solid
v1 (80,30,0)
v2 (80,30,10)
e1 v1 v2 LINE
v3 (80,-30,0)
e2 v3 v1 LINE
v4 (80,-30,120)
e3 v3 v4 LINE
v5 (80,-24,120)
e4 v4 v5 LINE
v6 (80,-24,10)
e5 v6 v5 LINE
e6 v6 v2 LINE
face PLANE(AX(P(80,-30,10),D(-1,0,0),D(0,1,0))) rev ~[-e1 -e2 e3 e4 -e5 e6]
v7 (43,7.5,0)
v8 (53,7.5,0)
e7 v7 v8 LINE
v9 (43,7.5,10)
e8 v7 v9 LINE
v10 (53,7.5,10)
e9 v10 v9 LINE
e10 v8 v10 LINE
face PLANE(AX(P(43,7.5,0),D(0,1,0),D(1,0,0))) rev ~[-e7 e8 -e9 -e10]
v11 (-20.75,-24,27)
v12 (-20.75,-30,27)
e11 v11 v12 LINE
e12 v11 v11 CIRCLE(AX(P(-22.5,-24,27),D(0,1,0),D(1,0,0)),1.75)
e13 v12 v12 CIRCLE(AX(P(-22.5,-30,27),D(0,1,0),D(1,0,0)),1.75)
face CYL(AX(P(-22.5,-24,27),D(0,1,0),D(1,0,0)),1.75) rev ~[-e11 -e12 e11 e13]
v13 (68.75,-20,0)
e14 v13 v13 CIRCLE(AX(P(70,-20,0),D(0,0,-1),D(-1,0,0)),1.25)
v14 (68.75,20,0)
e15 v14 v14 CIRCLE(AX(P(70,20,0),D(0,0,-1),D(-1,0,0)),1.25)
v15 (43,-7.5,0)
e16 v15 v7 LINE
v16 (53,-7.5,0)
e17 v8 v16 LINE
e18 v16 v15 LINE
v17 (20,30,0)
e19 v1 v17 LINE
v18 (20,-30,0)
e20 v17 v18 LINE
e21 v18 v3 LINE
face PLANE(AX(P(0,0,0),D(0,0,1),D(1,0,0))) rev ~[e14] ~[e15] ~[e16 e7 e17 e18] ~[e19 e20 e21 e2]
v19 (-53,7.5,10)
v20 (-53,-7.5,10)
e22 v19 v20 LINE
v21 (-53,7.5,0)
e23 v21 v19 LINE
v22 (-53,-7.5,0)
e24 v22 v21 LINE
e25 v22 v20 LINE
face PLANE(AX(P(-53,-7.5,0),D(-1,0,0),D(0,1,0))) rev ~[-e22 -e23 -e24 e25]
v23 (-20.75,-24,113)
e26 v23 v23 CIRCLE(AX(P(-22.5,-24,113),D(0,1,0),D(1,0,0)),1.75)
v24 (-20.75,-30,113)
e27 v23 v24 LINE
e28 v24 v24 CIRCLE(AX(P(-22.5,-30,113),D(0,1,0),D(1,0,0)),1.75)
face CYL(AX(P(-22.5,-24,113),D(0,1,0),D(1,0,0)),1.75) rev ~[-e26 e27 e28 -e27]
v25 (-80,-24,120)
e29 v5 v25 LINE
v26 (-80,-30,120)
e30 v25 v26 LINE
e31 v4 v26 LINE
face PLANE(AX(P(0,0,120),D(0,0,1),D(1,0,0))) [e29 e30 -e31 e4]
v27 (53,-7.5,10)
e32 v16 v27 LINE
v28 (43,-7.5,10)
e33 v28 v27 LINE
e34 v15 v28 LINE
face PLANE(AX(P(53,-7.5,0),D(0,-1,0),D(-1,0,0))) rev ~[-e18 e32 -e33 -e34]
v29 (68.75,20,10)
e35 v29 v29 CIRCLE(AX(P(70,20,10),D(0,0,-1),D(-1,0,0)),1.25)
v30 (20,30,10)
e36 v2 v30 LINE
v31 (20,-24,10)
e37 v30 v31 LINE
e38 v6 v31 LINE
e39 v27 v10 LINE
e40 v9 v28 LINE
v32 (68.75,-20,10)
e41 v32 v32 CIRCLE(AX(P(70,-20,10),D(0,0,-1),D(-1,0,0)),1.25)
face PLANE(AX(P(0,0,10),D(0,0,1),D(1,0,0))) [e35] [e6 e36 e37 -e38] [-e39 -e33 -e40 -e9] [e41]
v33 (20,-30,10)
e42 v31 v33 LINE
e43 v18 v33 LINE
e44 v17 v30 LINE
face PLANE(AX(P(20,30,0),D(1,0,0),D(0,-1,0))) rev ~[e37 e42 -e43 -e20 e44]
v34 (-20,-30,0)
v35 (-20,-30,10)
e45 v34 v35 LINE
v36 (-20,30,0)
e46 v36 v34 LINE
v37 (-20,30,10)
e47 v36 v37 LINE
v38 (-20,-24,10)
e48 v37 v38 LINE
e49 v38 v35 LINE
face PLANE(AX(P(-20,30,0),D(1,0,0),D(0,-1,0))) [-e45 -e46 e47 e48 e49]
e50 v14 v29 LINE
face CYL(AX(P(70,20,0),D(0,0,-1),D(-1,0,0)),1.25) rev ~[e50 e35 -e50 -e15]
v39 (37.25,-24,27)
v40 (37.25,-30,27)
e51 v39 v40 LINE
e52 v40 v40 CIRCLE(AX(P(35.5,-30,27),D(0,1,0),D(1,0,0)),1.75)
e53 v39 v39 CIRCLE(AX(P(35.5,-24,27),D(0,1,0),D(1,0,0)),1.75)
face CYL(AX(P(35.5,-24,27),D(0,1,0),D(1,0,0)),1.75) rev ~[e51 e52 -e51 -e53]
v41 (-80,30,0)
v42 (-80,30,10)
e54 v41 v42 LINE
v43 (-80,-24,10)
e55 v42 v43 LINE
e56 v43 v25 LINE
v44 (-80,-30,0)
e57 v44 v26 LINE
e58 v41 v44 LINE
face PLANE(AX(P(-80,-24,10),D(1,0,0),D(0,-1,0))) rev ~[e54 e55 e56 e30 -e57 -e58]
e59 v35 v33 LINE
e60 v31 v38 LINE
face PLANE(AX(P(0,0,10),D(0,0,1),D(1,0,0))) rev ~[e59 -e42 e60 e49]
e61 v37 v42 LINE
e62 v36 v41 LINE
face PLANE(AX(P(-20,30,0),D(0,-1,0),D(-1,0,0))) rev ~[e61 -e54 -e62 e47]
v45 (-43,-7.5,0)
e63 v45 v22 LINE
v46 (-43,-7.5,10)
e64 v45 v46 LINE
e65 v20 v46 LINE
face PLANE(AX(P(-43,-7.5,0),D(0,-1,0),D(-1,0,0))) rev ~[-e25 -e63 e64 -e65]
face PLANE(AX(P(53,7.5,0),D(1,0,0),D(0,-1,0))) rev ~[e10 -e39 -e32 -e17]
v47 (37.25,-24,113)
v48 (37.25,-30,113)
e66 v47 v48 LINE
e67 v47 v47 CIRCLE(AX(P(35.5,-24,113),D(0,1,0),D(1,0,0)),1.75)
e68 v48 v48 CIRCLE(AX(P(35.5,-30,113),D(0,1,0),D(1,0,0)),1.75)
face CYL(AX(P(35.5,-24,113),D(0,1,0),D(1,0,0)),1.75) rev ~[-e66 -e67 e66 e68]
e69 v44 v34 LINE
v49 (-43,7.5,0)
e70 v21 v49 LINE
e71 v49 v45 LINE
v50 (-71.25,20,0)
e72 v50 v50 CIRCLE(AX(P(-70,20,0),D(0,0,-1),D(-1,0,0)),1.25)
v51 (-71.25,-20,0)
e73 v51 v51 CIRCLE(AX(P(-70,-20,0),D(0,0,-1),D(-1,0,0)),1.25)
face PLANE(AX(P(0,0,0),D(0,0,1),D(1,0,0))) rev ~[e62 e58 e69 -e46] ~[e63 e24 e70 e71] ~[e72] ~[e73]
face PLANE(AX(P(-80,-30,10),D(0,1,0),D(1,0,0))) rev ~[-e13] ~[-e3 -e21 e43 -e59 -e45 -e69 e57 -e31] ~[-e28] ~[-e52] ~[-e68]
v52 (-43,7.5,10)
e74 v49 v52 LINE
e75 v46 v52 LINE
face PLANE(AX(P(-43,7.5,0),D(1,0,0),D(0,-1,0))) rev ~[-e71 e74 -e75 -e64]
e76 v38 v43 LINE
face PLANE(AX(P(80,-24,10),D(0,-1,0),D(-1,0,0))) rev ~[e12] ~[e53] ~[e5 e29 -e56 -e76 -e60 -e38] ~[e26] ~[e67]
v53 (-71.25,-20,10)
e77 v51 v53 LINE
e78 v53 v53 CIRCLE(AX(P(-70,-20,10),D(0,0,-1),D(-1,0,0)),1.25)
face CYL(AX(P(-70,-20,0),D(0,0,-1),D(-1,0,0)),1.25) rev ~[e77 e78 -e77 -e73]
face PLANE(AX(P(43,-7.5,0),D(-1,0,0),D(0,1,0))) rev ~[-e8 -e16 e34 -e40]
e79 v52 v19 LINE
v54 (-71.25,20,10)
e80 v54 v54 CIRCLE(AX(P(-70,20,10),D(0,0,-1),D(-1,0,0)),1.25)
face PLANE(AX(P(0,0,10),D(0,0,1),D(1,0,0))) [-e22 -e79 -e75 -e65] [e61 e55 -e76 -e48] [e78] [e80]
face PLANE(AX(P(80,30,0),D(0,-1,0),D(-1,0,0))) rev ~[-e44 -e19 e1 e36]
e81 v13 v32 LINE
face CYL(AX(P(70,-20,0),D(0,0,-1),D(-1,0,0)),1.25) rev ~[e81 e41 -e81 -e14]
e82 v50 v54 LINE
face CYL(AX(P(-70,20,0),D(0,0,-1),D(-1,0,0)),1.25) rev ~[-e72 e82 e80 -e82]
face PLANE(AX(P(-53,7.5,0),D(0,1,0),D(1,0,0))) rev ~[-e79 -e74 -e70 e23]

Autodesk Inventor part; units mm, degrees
ref_plane "YZ Plane" through (0, 0, 0) normal (1, 0, 0) x (0, 1, 0)
ref_plane "XZ Plane" through (0, 0, 0) normal (0, 1, 0) x (-1, 0, 0)
ref_plane "XY Plane" through (0, 0, 0) normal (0, 0, 1) x (1, 0, 0)
sketch "Sketch1" plane through (0, 0, 0) normal (0, 0, 1) x (1, 0, 0)
  line L0 (80, 30) -> (-80, 30)
  line L1 (-80, 30) -> (-80, -30)
  line L2 (-80, -30) -> (80, -30)
  line L3 (80, -30) -> (80, 30)
  line L4 (80, 30) -> (-80, -30) construction
  line L5 (-80, 30) -> (80, -30) construction
  line L6 (-20, -30) -> (-80, -30)
  line L7 (-80, -30) -> (-80, 30)
  line L8 (-80, 30) -> (-20, 30)
  line L9 (-20, 30) -> (-20, -30)
  line L10 (-20, -30) -> (-80, 30) construction
  line L11 (-80, -30) -> (-20, 30) construction
  line L12 (20, -30) -> (80, -30)
  line L13 (80, -30) -> (80, 30)
  line L14 (80, 30) -> (20, 30)
  line L15 (20, 30) -> (20, -30)
  line L16 (20, -30) -> (80, 30) construction
  line L17 (80, -30) -> (20, 30) construction
  line L18 (0, 30) -> (0, -30) construction
  point P0 (0, 0)
  point P1 (-50, 0)
  point P2 (50, 0)
  point P3 (20, 30)
  point P4 (20, -30)
  point P5 (-20, -30)
  point P6 (-20, 30)
  dimension "d0" = 160
  dimension "d1" = 60
  dimension "d2" = 40
extrude "Extrusion1" add sketch "Sketch1" along normal blind 10 contours L3 L2 L15 L0 | L9 L2 L1 L0
sketch "Sketch2" plane through (0, 0, 10) normal (0, 0, 1) x (1, 0, 0)
  line L0 (-80, -30) -> (-20, -30) projected
  line L1 (80, -24) -> (-80, -24)
  line L2 (-80, -24) -> (-80, -30)
  line L3 (-80, -30) -> (80, -30)
  line L4 (80, -30) -> (80, -24)
  line L5 (80, -24) -> (-80, -30) construction
  line L6 (-80, -24) -> (80, -30) construction
  line L7 (80, -30) -> (80, 30) projected
  point P0 (0, 0)
  point P1 (0, -27)
  dimension "d5" = 6
extrude "Extrusion2" add sketch "Sketch2" along normal blind 110
sketch "Sketch3" plane through (0, 0, 0) normal (0, 0, -1) x (-1, 0, 0)
  line L0 (53, 7.5) -> (43, 7.5)
  line L1 (43, 7.5) -> (43, -7.5)
  line L2 (43, -7.5) -> (53, -7.5)
  line L3 (53, -7.5) -> (53, 7.5)
  line L4 (53, 7.5) -> (43, -7.5) construction
  line L5 (43, 7.5) -> (53, -7.5) construction
  line L6 (-43, 7.5) -> (-53, 7.5)
  line L7 (-53, 7.5) -> (-53, -7.5)
  line L8 (-53, -7.5) -> (-43, -7.5)
  line L9 (-43, -7.5) -> (-43, 7.5)
  line L10 (-43, 7.5) -> (-53, -7.5) construction
  line L11 (-53, 7.5) -> (-43, -7.5) construction
  line L12 (80, -30) -> (-80, -30) construction
  line L13 (0, -30) -> (0, 0) construction
  point P0 (48, 0)
  point P1 (-48, 0)
  point P2 (48, 0)
  dimension "d8" = 10
  dimension "d9" = 15
  dimension "d10" = 48
extrude "Extrusion3" cut sketch "Sketch3" against normal through all
sketch "Sketch4" plane through (0, 0, 0) normal (0, 0, -1) x (-1, 0, 0)
  line L0 (-70, -20) -> (70, -20) construction
  line L1 (70, -20) -> (70, 20) construction
  line L2 (70, 20) -> (-70, 20) construction
  line L3 (-70, 20) -> (-70, -20) construction
  line L4 (-70, -20) -> (70, 20) construction
  line L5 (70, -20) -> (-70, 20) construction
  circle A0 centre (70, 20) radius 1.25
  circle A1 centre (-70, 20) radius 1.25
  circle A2 centre (-70, -20) radius 1.25
  circle A3 centre (70, -20) radius 1.25
  point P0 (0, 0)
  dimension "d13" = 140
  dimension "d14" = 40
  dimension "d16" = 2.5
extrude "Extrusion4" cut sketch "Sketch4" against normal through all
sketch "Sketch5" plane through (-20, -24, 10) normal (0, 1, 0) x (1, 0, 0)
  line L0 (59.5, -13) -> (-19.5, -13) construction
  line L1 (-19.5, -13) -> (-19.5, -113) construction
  line L2 (-19.5, -113) -> (59.5, -113) construction
  line L3 (59.5, -113) -> (59.5, -13) construction
  line L4 (59.5, -13) -> (-19.5, -113) construction
  line L5 (-19.5, -13) -> (59.5, -113) construction
  line L6 (100, -110) -> (-60, -110) construction
  line L7 (55.5, -17) -> (-2.5, -17) construction
  line L8 (-2.5, -17) -> (-2.5, -103) construction
  line L9 (-2.5, -103) -> (55.5, -103) construction
  line L10 (55.5, -103) -> (55.5, -17) construction
  line L11 (55.5, -17) -> (-2.5, -103) construction
  line L12 (-2.5, -17) -> (55.5, -103) construction
  circle A0 centre (-2.5, -17) radius 1.75
  circle A1 centre (55.5, -17) radius 1.75
  circle A2 centre (-2.5, -103) radius 1.75
  circle A3 centre (55.5, -103) radius 1.75
  point P0 (20, 10)
  point P1 (20, -63)
  point P2 (20, -63)
  point P3 (26.5, -60)
  point P4 (20, -63)
  point P5 (26.5, -60)
  dimension "d19" = 3
  dimension "d20" = 79
  dimension "d21" = 100
  dimension "d22" = 58
  dimension "d23" = 86
  dimension "d26" = 4
  dimension "d27" = 4
  dimension "d28" = 3.5
extrude "Extrusion5" cut sketch "Sketch5" against normal through all
properties part number "electrical_system_fix_board"
